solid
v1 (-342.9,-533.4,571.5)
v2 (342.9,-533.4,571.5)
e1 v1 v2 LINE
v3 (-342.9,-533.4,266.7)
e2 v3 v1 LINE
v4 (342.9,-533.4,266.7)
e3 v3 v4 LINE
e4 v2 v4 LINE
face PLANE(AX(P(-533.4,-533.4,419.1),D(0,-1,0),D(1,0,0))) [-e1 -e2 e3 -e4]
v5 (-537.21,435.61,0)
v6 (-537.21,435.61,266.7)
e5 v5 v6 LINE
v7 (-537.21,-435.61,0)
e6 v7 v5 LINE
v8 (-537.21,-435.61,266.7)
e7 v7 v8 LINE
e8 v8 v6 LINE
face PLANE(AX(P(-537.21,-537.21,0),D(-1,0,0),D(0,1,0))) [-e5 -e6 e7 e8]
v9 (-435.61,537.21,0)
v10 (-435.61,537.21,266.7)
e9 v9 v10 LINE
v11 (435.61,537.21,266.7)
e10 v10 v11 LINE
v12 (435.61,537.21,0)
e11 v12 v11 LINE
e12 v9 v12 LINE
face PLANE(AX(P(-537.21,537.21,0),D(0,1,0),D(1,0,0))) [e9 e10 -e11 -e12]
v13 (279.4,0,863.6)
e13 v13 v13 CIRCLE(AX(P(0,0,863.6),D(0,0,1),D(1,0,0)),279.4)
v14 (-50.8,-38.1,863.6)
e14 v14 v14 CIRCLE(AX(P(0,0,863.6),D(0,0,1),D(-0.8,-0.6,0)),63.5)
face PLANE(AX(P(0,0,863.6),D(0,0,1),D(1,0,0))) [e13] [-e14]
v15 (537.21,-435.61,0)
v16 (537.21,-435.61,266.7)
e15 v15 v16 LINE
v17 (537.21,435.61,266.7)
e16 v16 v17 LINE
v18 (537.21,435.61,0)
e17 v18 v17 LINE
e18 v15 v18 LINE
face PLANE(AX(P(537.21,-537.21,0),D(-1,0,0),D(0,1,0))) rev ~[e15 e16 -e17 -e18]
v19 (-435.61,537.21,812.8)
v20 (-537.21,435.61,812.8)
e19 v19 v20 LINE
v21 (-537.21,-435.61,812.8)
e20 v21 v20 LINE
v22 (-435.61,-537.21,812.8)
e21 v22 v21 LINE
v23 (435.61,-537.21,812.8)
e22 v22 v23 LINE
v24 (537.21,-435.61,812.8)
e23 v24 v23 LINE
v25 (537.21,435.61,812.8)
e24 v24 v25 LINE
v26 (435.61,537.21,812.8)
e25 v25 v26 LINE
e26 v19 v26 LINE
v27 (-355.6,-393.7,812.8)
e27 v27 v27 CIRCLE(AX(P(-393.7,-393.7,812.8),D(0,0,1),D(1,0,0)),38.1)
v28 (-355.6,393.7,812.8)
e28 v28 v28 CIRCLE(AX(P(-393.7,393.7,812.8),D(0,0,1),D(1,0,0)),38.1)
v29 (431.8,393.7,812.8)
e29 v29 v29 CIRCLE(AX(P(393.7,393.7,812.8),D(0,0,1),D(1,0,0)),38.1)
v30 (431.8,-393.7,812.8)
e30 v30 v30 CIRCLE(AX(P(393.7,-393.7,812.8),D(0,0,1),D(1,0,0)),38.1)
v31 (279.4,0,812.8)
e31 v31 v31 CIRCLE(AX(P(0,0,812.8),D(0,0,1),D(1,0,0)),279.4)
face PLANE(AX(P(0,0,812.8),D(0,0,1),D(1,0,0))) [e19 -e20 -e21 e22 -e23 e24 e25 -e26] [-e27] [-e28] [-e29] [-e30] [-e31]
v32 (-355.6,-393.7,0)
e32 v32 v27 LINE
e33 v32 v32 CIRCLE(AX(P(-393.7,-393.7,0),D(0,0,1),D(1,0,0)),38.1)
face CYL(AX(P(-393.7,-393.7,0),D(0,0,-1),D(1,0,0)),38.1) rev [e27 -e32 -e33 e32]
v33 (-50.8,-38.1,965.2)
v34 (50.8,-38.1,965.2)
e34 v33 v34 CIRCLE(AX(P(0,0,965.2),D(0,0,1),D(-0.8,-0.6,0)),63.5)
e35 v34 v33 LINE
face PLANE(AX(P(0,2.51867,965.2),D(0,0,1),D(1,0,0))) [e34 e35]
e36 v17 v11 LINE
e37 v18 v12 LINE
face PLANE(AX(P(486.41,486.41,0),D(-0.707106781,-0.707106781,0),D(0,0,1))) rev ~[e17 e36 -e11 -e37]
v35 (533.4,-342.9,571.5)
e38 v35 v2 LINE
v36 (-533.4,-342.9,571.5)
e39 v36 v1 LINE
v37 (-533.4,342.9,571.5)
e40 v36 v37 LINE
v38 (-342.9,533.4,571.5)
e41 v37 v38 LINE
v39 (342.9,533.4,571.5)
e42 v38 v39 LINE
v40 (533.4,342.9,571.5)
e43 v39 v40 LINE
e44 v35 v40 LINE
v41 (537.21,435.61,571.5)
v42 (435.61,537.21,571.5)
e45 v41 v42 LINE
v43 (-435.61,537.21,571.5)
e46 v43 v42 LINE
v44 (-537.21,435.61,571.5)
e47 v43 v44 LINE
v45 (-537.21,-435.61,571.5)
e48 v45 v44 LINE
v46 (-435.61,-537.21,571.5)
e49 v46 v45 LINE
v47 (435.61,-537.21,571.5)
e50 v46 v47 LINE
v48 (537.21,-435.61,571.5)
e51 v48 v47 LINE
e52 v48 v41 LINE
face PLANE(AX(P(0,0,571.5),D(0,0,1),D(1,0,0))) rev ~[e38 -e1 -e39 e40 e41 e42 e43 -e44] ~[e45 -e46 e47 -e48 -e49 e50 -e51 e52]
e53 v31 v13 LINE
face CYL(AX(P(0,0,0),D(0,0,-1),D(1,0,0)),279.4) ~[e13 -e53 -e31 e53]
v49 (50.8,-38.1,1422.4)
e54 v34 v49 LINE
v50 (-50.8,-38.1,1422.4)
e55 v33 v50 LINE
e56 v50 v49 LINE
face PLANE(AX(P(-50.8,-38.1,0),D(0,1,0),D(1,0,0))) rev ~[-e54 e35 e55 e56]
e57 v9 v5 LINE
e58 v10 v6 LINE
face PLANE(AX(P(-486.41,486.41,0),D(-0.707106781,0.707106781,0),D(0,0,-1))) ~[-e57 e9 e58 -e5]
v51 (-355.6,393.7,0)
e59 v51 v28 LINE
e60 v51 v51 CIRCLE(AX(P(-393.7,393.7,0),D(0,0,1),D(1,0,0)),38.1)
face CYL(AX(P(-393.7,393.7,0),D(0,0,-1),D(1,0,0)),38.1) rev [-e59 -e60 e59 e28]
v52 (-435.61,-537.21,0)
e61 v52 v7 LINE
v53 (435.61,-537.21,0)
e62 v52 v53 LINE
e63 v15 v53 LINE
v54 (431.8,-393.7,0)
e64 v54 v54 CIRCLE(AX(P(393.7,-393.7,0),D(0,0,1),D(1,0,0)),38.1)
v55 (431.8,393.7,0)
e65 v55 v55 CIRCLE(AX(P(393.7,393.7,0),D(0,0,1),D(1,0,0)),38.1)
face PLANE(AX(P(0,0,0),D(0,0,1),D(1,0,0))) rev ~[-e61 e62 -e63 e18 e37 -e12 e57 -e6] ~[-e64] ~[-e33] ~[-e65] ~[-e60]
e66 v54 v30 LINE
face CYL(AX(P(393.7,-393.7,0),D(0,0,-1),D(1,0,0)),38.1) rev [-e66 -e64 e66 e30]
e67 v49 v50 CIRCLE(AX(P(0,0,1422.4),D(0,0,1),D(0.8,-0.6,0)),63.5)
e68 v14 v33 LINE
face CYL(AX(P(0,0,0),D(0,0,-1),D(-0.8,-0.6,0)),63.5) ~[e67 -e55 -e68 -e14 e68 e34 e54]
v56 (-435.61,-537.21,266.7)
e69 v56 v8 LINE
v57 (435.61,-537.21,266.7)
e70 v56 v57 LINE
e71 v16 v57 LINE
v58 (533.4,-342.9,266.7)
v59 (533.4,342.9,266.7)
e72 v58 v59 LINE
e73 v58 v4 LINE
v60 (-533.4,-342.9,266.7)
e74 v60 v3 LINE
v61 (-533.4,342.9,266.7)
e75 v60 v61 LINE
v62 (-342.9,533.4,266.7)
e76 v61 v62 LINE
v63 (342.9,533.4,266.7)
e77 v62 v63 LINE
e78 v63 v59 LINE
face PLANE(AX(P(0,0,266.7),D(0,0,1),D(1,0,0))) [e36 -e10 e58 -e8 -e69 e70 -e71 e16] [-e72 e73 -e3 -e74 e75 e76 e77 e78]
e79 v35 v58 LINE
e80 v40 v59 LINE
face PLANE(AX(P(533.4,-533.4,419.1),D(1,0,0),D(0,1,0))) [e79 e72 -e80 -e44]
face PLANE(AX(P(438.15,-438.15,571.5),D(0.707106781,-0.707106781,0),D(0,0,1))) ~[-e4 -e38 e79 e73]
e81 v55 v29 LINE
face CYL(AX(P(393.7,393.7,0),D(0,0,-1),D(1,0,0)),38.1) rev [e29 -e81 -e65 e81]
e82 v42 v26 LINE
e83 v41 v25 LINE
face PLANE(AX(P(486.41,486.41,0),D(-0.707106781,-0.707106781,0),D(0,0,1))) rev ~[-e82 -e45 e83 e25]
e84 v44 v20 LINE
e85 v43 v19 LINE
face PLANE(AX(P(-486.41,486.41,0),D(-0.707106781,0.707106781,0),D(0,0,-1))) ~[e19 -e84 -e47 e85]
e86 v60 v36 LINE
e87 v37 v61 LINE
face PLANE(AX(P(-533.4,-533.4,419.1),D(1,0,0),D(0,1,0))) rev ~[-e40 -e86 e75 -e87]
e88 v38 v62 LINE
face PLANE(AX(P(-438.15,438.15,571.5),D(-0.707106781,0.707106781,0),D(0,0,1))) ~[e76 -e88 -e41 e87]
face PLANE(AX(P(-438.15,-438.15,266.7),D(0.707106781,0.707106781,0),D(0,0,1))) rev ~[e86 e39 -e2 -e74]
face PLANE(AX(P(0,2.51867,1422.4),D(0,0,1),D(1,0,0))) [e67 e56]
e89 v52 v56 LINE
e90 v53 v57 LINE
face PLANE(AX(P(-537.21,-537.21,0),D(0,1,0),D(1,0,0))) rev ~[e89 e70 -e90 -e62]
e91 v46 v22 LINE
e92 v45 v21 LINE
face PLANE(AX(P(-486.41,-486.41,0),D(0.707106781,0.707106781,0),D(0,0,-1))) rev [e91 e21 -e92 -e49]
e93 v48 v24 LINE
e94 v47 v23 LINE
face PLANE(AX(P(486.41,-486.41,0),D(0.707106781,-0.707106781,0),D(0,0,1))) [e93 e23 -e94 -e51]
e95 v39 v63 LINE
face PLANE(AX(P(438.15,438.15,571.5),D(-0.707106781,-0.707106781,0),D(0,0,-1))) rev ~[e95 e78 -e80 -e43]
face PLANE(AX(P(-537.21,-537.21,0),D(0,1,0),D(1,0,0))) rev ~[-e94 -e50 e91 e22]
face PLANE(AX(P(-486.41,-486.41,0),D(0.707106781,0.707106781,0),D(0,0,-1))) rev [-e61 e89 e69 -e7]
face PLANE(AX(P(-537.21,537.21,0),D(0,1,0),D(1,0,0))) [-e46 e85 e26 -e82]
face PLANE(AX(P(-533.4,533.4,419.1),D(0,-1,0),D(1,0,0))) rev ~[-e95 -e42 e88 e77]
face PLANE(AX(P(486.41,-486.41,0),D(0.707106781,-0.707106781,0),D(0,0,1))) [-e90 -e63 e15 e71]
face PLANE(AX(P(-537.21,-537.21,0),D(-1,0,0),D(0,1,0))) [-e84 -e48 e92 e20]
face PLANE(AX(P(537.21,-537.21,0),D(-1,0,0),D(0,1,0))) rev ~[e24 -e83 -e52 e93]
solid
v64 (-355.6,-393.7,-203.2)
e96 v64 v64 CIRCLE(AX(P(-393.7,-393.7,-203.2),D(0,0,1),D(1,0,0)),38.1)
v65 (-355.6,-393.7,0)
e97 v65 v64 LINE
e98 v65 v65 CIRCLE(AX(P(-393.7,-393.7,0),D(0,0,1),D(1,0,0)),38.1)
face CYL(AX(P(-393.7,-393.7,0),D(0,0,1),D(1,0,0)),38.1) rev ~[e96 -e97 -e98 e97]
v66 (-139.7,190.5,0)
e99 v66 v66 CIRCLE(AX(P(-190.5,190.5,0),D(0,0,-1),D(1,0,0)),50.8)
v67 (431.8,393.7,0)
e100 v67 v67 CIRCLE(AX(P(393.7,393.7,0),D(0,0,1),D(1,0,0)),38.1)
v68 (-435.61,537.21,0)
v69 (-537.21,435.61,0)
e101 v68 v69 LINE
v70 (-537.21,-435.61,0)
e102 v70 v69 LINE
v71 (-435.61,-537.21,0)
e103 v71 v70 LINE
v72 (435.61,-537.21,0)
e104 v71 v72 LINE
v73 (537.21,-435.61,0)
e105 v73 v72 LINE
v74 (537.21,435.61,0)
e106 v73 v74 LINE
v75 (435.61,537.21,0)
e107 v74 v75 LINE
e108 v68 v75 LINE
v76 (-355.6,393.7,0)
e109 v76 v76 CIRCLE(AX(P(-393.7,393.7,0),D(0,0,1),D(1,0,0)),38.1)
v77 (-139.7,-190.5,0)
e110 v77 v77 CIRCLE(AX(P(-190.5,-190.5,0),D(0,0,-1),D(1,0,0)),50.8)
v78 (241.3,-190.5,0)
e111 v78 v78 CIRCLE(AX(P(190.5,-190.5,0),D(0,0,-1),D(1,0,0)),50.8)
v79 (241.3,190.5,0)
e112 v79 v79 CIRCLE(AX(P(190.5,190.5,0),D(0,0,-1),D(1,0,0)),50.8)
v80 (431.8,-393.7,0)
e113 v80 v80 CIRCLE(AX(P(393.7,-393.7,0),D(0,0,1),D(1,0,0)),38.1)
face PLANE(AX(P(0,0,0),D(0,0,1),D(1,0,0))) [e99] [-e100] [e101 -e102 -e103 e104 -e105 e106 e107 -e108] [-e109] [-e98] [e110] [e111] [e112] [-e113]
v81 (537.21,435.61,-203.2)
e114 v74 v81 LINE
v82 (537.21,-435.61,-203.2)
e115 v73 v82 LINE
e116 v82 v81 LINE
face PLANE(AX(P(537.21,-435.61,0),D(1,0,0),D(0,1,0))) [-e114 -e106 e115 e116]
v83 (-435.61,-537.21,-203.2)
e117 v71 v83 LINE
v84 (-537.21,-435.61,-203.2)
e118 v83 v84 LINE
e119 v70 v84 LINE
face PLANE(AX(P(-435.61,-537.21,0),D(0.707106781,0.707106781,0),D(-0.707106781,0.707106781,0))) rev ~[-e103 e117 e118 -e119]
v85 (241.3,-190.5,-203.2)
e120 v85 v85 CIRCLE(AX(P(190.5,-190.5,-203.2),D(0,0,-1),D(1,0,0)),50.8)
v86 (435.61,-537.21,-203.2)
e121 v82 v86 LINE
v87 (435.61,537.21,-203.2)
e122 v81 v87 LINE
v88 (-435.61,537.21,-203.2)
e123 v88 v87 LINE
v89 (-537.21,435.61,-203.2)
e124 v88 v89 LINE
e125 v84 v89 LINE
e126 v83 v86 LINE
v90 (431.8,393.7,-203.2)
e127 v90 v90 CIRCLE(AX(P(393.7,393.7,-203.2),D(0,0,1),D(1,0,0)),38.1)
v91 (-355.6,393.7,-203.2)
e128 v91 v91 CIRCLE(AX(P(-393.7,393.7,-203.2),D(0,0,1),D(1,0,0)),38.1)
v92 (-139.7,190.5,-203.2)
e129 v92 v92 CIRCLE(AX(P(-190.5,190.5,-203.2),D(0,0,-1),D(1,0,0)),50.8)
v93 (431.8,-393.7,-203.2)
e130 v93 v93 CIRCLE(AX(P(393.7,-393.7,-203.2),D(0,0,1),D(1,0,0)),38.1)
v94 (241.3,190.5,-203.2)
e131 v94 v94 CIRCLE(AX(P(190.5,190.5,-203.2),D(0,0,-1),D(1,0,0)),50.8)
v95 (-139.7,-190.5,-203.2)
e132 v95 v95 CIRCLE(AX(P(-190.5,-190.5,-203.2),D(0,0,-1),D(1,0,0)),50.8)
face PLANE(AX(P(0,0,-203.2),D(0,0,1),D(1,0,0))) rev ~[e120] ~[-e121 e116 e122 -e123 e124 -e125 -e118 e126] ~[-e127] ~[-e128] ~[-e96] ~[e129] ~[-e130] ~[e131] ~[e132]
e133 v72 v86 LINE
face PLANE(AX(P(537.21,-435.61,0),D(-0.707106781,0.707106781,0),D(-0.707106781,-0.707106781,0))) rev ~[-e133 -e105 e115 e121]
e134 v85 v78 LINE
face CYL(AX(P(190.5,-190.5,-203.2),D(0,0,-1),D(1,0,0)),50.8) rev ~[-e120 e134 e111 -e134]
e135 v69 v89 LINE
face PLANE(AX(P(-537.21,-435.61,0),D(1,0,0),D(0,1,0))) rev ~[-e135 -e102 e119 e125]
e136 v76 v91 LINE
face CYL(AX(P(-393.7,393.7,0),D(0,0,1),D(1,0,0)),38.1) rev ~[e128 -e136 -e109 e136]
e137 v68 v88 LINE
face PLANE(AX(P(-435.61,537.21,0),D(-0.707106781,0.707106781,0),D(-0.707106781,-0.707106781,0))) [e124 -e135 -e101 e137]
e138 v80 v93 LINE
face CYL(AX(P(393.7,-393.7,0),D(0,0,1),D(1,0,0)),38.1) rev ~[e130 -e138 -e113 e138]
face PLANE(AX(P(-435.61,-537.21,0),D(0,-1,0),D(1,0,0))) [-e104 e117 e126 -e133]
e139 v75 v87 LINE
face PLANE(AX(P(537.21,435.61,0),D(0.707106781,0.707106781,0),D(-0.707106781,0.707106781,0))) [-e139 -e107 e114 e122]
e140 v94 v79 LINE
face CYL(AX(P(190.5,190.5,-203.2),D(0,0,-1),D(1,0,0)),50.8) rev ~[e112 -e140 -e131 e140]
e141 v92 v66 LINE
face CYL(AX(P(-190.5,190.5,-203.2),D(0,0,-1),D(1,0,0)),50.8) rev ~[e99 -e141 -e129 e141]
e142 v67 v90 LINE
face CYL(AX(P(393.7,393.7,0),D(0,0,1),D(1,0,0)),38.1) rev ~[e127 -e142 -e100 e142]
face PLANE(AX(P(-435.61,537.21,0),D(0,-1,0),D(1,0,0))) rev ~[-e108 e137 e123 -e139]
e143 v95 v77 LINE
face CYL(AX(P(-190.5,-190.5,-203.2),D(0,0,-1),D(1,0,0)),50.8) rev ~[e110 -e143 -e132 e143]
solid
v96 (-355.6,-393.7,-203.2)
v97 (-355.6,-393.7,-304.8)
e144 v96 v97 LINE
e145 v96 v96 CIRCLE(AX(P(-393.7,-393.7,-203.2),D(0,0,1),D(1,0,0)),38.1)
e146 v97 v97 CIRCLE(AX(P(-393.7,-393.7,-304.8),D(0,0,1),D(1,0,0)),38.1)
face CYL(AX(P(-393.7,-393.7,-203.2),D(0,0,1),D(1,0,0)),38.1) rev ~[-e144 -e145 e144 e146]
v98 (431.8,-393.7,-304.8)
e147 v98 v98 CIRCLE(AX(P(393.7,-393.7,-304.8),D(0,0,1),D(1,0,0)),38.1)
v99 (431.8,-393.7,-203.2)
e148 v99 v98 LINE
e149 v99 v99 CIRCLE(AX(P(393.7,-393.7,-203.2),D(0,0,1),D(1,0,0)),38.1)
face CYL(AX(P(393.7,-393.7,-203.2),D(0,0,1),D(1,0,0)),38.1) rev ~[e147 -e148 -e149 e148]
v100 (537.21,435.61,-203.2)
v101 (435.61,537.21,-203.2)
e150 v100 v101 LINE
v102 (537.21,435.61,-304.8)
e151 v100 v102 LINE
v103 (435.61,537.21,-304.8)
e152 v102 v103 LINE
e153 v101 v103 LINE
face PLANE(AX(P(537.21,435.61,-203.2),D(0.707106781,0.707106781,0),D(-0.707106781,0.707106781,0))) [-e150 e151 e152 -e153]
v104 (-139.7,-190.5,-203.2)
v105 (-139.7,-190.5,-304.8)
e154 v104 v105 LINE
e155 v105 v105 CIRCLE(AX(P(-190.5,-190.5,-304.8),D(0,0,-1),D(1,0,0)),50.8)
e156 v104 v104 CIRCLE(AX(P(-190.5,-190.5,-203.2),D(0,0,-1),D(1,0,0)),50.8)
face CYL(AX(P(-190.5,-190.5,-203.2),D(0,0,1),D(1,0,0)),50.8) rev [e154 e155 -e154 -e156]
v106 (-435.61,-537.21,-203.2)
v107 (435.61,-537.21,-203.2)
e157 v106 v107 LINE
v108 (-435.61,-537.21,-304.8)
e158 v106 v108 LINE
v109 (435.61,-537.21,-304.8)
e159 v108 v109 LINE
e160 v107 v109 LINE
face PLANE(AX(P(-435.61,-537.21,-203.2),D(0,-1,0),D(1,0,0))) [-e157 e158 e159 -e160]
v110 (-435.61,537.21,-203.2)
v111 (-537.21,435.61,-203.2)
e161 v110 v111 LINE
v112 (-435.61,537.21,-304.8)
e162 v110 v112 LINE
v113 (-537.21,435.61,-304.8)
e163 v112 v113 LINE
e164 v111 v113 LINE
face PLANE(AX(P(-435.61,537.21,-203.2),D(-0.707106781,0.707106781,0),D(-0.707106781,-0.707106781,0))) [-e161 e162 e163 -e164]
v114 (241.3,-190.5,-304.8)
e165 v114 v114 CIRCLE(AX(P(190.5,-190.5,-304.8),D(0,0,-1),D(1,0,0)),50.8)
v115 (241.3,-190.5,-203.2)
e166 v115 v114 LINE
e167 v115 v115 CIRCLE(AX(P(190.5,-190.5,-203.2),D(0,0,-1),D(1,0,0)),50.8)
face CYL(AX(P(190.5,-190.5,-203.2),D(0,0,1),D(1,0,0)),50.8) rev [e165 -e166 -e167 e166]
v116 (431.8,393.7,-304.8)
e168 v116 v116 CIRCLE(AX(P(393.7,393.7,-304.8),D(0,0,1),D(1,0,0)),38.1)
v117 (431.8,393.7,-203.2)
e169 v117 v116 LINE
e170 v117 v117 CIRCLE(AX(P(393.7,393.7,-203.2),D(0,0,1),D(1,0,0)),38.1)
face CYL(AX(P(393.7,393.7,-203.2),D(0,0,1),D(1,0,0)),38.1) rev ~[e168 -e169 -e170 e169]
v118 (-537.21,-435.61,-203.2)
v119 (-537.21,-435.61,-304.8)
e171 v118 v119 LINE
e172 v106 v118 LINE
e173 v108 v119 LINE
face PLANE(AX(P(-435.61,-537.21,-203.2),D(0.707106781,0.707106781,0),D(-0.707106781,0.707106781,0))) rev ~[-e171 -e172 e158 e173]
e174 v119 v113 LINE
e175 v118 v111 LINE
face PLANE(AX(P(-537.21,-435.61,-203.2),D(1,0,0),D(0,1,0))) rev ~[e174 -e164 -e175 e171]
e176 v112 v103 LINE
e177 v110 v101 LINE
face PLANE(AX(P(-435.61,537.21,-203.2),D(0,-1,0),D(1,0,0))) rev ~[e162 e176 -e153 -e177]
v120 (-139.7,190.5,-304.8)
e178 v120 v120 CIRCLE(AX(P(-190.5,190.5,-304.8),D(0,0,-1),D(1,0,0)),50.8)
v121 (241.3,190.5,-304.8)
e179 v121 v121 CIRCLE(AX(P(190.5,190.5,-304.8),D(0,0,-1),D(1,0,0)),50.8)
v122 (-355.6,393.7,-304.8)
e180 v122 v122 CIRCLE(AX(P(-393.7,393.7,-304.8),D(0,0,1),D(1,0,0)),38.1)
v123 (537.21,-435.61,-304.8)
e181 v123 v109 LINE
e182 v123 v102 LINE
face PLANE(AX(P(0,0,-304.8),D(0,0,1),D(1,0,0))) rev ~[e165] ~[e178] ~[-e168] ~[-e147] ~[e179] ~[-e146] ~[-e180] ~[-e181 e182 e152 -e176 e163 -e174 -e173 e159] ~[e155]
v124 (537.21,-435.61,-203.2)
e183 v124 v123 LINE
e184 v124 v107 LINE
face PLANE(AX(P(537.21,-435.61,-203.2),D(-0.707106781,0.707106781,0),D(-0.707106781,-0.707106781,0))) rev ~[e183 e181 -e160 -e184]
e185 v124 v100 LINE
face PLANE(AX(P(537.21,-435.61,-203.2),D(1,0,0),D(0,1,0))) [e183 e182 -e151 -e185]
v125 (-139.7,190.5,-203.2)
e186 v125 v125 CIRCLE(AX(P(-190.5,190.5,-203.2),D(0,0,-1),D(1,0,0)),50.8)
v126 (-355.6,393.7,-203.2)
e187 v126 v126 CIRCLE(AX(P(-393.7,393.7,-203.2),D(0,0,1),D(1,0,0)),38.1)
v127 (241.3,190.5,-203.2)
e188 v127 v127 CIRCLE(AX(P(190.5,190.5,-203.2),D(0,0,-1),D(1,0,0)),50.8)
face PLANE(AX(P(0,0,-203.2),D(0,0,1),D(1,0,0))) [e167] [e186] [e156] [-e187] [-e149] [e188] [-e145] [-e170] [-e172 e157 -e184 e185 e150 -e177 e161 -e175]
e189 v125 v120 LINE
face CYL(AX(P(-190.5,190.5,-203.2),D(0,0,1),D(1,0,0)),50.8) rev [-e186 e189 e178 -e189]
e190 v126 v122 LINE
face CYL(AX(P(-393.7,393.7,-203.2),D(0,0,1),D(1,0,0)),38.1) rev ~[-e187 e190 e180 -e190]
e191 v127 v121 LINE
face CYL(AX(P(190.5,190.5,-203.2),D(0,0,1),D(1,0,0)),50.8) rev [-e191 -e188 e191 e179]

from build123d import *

# Parameters (mm, degrees)
F0_W      = 1074.42
F0_H      = 1074.42
F0_R      = 38.1
F0_R_2    = 279.4
F1_DEPTH  = 812.8
F2_DEPTH  = 863.6
F3_DEPTH  = 965.2
F4_DEPTH  = 1422.4
F5_SIZE   = 101.6
F7_W      = 1270
F7_H      = 1270
F7_W_2    = 1066.8
F7_H_2    = 1066.8
F8_DEPTH  = 152.4
F9_SIZE   = 190.5
F11_DEPTH = 203.2
F12_R     = 50.8
F13_DEPTH = 485.14
F14_DEPTH = 101.6


with BuildPart() as f1:
    # F0 (on Top) → F1 (new body)
    with BuildSketch(Plane.XY):
        Rectangle(F0_W, F0_H)
        with Locations((-393.7, -393.7)):
            Circle(F0_R, mode=Mode.SUBTRACT)
        with Locations((393.7, -393.7)):
            Circle(F0_R, mode=Mode.SUBTRACT)
        with Locations((-393.7, 393.7)):
            Circle(F0_R, mode=Mode.SUBTRACT)
        Circle(F0_R_2, mode=Mode.SUBTRACT)
        with Locations((393.7, 393.7)):
            Circle(F0_R, mode=Mode.SUBTRACT)
    extrude(amount=F1_DEPTH)

    # F0 (on Top) → F2 (join)
    with BuildSketch(Plane.XY):
        Circle(F0_R_2)
        with BuildLine():
            ThreePointArc((-50.8, -38.1), (-20.0804631421, 60.2413894262), (63.5, 0))
            ThreePointArc((63.5, 0), (60.2413894262, -20.0804631421), (50.8, -38.1))
            ThreePointArc((50.8, -38.1), (0, -63.5), (-50.8, -38.1))
        make_face(mode=Mode.SUBTRACT)
    extrude(amount=F2_DEPTH)

    # F0 (on Top) → F3 (join)
    with BuildSketch(Plane.XY):
        with BuildLine():
            ThreePointArc((50.8, -38.1), (60.2413894262, -20.0804631421), (63.5, 0))
            ThreePointArc((63.5, 0), (-20.0804631421, 60.2413894262), (-50.8, -38.1))
            Line((-50.8, -38.1), (50.8, -38.1))
        make_face()
        with BuildLine():
            Line((50.8, -38.1), (-50.8, -38.1))
            ThreePointArc((-50.8, -38.1), (0, -63.5), (50.8, -38.1))
        make_face()
    extrude(amount=F3_DEPTH)

    # F0 (on Top) → F4 (join)
    with BuildSketch(Plane.XY):
        with BuildLine():
            ThreePointArc((50.8, -38.1), (60.2413894262, -20.0804631421), (63.5, 0))
            ThreePointArc((63.5, 0), (-20.0804631421, 60.2413894262), (-50.8, -38.1))
            Line((-50.8, -38.1), (50.8, -38.1))
        make_face()
    extrude(amount=F4_DEPTH)

    # F5
    f5_edges = [f1.edges().sort_by_distance(p)[0] for p in [
        (-537.21, -537.21, 406.4),
        (537.21, -537.21, 406.4),
        (537.21, 537.21, 406.4),
        (-537.21, 537.21, 406.4),
    ]]
    chamfer(f5_edges, length=F5_SIZE)


with BuildPart() as f8:
    # F7 (on offset) → F8 (new body, symmetric)
    with BuildSketch(Plane.XY.offset(419.1)):
        Rectangle(F7_W, F7_H)
        Rectangle(F7_W_2, F7_H_2, mode=Mode.SUBTRACT)
    extrude(amount=F8_DEPTH, both=True)

    # F9
    f9_edges = [f8.edges().sort_by_distance(p)[0] for p in [
        (533.4, -533.4, 419.1),
        (533.4, 533.4, 419.1),
        (-533.4, 533.4, 419.1),
        (-533.4, -533.4, 419.1),
    ]]
    chamfer(f9_edges, length=F9_SIZE)


with BuildPart() as f1_1:
    add(f1.part)

    # F10: cut F8
    add(f8.part, mode=Mode.SUBTRACT)


with BuildPart() as f11:
    # F11 (new): a face of the model
    f11_faces = [f1_1.part.faces().sort_by_distance(p)[0] for p in [
        (0, 0, 0),
    ]]
    extrude(f11_faces, amount=F11_DEPTH)

    # F12 (on face) → F13 (cut)
    with BuildSketch(Plane(origin=(0, 0, -203.2), x_dir=(1, 0, 0), z_dir=(0, 0, -1))):
        with Locations((-190.5, 190.5)):
            Circle(F12_R)
        with Locations((190.5, 190.5)):
            Circle(F12_R)
        with Locations((190.5, -190.5)):
            Circle(F12_R)
        with Locations((-190.5, -190.5)):
            Circle(F12_R)
    extrude(amount=-F13_DEPTH, mode=Mode.SUBTRACT)


with BuildPart() as f14:
    # F14 (new): a face of the model
    f14_faces = [f11.part.faces().sort_by_distance(p)[0] for p in [
        (0, 0, -203.2),
    ]]
    extrude(f14_faces, amount=F14_DEPTH)


solid = Compound([f1_1.part, f11.part, f14.part])
